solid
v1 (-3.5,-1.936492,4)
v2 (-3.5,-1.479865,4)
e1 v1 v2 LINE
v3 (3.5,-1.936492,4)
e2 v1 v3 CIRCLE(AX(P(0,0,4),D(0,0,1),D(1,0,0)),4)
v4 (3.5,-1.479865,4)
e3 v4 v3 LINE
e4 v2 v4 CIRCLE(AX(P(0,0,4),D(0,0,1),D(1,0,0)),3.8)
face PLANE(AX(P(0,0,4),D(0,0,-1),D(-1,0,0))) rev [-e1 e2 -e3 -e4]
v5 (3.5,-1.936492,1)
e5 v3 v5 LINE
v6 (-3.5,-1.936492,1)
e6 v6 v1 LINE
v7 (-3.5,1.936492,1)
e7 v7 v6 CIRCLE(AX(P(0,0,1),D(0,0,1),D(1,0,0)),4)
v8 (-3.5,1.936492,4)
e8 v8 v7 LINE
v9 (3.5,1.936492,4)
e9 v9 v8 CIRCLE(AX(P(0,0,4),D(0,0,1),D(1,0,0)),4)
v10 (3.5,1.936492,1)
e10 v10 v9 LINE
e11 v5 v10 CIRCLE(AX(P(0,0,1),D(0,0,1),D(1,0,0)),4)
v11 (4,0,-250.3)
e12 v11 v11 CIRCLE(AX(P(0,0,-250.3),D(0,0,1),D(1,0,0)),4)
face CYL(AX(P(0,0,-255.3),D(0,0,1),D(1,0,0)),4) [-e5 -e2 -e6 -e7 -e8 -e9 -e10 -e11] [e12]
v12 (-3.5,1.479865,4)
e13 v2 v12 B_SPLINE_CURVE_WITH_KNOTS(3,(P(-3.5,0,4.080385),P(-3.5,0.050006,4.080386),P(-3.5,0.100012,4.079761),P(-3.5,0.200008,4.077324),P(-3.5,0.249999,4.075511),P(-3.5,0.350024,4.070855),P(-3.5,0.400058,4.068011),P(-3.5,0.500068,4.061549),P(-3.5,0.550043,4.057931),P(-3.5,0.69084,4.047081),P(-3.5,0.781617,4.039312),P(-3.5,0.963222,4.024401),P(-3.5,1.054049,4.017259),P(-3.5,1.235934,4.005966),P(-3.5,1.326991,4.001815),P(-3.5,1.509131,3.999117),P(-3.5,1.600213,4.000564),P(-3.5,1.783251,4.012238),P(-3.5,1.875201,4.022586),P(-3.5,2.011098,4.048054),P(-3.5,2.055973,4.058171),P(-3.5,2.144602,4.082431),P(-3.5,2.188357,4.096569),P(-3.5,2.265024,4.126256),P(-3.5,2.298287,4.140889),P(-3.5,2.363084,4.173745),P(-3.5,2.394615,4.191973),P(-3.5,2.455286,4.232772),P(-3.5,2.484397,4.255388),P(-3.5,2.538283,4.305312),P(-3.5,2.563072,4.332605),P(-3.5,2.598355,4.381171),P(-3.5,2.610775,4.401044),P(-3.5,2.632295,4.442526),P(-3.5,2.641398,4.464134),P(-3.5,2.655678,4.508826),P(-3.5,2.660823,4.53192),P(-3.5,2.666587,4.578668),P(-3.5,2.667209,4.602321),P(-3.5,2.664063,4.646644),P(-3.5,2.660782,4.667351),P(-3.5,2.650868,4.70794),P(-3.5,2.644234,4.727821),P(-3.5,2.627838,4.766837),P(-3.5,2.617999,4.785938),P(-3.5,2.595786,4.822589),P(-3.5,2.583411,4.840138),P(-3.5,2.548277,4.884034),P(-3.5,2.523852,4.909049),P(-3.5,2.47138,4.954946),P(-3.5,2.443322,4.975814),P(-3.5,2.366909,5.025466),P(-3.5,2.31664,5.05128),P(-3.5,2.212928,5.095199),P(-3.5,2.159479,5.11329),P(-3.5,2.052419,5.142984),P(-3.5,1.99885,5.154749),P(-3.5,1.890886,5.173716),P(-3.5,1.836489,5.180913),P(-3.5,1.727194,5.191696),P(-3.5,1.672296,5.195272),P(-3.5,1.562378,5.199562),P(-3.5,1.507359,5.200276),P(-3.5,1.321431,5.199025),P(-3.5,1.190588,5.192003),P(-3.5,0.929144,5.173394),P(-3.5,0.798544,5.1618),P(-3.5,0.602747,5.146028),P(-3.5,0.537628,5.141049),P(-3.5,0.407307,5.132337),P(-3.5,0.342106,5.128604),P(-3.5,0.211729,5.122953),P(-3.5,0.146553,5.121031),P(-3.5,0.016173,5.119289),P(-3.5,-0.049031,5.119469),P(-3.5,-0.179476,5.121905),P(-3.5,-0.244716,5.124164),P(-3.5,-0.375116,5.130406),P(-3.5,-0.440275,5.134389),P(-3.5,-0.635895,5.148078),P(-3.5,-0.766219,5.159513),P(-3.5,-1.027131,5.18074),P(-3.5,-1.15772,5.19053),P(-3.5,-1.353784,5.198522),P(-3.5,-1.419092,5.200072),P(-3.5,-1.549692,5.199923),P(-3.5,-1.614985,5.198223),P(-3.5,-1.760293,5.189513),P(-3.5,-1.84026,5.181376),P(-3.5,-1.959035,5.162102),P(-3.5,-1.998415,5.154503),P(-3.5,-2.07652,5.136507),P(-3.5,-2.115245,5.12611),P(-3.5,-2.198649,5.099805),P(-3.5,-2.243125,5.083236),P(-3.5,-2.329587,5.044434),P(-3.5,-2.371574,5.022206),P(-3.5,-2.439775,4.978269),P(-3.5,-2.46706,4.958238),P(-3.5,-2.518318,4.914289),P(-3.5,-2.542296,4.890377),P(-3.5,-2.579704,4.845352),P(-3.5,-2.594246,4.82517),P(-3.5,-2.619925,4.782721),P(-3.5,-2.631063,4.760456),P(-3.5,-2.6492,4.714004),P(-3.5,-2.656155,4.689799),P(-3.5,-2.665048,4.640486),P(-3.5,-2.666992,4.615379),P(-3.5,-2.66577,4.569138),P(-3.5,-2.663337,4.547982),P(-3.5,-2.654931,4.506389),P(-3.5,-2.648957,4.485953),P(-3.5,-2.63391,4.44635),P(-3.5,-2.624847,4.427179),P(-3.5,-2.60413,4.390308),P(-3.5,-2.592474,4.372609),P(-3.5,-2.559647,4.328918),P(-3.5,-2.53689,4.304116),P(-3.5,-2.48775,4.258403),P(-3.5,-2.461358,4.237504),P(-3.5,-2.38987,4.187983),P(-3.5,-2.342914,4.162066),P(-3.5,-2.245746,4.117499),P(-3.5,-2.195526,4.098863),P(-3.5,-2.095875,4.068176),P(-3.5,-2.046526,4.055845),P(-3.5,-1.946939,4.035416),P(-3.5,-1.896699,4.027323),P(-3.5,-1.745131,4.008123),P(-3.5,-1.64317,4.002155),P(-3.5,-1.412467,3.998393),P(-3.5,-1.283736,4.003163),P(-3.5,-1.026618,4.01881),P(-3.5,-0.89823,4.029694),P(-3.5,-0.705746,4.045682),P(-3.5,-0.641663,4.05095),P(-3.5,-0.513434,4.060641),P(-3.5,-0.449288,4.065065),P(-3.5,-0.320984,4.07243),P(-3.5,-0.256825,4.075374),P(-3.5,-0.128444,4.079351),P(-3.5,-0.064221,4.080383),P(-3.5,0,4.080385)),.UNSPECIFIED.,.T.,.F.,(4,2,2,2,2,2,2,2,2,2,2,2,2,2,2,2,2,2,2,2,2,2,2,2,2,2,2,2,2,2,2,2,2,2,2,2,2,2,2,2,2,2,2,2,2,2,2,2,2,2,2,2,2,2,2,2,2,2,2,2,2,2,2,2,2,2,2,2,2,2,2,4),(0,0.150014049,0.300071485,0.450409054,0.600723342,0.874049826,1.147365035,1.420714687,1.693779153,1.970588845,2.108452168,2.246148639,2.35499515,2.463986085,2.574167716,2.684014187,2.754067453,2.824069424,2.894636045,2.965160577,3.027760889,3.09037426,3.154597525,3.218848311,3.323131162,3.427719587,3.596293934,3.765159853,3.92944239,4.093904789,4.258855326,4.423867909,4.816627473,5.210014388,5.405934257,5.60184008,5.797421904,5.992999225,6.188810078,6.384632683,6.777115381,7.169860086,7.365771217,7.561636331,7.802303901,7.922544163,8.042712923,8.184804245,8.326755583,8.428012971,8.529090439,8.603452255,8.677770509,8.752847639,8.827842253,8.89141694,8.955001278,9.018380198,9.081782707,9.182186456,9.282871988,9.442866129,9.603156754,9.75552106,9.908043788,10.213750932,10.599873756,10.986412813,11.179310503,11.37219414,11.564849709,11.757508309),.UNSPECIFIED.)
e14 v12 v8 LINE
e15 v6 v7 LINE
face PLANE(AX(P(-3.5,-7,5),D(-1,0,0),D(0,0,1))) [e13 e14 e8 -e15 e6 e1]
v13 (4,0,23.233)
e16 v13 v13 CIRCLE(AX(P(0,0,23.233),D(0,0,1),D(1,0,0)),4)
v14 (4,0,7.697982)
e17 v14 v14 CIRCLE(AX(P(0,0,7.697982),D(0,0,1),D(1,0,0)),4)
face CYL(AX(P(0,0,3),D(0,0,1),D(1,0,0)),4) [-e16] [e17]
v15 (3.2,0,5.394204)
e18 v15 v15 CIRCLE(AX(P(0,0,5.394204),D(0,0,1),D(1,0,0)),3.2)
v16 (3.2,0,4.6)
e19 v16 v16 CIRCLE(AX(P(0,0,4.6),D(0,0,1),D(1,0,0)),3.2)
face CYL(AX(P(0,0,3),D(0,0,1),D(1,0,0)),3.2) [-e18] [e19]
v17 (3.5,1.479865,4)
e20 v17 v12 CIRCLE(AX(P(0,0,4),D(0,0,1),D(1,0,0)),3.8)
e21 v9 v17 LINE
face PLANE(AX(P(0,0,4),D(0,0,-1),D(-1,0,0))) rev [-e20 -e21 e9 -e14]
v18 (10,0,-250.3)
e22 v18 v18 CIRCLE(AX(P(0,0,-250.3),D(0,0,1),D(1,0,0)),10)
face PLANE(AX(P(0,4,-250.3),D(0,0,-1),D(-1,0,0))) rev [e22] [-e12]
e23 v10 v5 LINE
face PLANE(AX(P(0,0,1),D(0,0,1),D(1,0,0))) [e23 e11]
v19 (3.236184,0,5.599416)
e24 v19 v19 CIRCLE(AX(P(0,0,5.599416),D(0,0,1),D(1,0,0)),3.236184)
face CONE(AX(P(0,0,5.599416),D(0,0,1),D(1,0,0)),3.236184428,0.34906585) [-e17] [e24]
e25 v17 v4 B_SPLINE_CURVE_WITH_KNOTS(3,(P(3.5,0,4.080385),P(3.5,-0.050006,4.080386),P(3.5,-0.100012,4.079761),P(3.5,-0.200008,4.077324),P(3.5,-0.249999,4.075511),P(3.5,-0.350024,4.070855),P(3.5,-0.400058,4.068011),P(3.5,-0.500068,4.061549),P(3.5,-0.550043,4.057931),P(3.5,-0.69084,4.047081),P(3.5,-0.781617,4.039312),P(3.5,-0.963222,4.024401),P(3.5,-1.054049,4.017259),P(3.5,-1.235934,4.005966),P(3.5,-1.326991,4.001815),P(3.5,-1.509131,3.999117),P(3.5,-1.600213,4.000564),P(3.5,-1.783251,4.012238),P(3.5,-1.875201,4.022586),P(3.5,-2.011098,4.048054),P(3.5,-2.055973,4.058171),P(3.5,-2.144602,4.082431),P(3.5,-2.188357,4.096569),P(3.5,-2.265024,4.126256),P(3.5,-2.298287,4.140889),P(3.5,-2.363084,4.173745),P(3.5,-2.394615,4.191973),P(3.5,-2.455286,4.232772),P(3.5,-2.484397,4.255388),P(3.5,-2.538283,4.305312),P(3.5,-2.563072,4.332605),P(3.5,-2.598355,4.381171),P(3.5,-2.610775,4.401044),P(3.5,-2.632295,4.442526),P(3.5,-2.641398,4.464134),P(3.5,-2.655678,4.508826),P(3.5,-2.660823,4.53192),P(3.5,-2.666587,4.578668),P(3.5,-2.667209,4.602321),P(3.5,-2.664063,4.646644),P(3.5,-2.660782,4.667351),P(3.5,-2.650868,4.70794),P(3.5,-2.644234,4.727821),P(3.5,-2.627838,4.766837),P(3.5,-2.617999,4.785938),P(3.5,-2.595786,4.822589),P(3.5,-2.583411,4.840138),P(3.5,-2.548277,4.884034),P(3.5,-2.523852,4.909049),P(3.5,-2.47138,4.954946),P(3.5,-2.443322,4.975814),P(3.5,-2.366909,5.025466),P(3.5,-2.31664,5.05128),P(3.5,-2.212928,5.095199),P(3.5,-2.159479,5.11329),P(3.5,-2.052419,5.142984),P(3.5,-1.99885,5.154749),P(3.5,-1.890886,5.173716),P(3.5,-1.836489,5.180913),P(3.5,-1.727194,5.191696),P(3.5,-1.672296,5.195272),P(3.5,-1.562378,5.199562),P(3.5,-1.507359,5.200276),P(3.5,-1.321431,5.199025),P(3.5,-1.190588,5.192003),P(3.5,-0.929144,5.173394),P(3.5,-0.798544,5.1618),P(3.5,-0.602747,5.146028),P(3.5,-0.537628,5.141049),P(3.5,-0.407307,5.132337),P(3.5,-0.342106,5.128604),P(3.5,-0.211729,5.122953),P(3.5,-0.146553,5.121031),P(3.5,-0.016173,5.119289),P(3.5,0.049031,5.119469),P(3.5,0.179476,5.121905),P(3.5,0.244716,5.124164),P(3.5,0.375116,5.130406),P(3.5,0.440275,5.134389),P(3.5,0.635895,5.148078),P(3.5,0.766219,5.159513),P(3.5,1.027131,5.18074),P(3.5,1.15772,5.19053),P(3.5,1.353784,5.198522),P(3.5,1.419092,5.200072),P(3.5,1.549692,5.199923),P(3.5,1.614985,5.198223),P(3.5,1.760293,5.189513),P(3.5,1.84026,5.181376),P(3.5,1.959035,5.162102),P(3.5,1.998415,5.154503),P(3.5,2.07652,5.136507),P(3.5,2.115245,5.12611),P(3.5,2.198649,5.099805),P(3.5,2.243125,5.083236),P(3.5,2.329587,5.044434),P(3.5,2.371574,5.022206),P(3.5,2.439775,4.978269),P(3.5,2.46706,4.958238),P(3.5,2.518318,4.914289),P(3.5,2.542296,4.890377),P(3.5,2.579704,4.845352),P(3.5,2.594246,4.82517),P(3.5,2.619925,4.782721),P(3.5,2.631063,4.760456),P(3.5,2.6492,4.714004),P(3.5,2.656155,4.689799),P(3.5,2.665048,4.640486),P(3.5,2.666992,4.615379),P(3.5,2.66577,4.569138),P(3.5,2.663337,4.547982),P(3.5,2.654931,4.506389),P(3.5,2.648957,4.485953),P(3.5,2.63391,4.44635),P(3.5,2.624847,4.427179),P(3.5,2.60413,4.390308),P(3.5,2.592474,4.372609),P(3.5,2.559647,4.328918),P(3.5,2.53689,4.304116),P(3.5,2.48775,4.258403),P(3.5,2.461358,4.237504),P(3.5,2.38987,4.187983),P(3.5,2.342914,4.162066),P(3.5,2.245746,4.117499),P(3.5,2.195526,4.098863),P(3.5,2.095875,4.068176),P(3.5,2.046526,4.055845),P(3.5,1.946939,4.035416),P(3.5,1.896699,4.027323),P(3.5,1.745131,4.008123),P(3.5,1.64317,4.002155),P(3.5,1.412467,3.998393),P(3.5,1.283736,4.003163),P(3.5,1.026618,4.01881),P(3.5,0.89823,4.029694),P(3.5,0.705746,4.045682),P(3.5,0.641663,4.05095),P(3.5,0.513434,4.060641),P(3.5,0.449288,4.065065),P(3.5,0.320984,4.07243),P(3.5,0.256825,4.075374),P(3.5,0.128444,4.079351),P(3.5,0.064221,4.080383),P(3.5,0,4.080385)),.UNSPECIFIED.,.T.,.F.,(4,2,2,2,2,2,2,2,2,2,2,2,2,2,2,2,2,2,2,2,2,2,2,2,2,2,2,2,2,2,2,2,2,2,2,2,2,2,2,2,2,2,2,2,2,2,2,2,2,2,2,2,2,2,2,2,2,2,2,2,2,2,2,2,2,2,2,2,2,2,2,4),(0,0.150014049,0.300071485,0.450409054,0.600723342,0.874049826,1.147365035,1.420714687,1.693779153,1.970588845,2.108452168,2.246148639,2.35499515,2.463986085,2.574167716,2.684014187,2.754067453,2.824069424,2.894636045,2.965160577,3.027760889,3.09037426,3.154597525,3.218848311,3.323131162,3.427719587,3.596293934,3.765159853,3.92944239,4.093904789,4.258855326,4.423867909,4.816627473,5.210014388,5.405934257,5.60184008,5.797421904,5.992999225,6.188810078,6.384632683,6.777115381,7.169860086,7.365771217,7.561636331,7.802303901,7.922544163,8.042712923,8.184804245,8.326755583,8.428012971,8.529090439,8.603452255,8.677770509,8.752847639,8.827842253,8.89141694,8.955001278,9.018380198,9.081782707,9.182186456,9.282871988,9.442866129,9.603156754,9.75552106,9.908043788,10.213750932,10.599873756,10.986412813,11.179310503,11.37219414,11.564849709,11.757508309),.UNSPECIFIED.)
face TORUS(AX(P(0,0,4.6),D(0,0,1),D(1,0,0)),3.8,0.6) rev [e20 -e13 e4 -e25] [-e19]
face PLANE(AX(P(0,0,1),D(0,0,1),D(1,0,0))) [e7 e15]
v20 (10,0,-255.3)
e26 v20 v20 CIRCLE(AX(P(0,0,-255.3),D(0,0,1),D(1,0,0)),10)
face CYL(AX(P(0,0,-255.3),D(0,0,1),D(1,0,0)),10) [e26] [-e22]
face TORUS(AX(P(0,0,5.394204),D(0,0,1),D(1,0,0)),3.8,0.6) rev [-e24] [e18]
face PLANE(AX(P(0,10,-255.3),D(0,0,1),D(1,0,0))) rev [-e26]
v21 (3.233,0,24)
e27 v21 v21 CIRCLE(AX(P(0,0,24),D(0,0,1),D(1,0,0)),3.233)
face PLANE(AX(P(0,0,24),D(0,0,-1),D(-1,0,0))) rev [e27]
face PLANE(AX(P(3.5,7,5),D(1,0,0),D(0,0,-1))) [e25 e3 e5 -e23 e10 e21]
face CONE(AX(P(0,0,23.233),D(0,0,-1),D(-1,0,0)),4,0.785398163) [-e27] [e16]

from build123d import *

# Parameters (mm, degrees)
SCHNITT_LINEAR_AUSTRAGEN1_DEPTH = 4


with BuildPart() as part:
    # Skizze1 → Rotation1 (revolve)
    with BuildSketch(Plane(origin=(0, 0, 0), x_dir=(0, 0, -1), z_dir=(1, 0, 0))):
        Polygon((-4, 0), (-4, 4), (250.3, 4), (250.3, 10), (255.3, 10), (255.3, 0), align=None)
    revolve(axis=Axis((0, 0, -255.3), (0, 0, 1)))

    # Skizze2 → Rotation2 (revolve)
    with BuildSketch(Plane(origin=(0, 0, 0), x_dir=(0, 0, -1), z_dir=(1, 0, 0))):
        with BuildLine():
            Line((-24, 0), (-24, 3.233))
            Line((-24, 3.233), (-23.233, 4))
            Line((-23.233, 4), (-7.697981936, 4))
            Line((-7.697981936, 4), (-5.599415898, 3.236184428))
            ThreePointArc((-5.599415898, 3.236184428), (-5.498392718, 3.209115348), (-5.394203812, 3.2))
            Line((-5.394203812, 3.2), (-4.6, 3.2))
            ThreePointArc((-4.6, 3.2), (-4.175735931, 3.375735931), (-4, 3.8))
            Line((-4, 3.8), (-4, 4))
            Line((-4, 4), (-3, 4))
            Line((-3, 4), (-3, 0))
            Line((-3, 0), (-24, 0))
        make_face()
    revolve(axis=Axis((0, 0, 3), (0, 0, 1)))

    # Skizze3 → Schnitt-Linear austragen1 (cut)
    with BuildSketch(Plane.XY.offset(1)):
        Polygon((-7, 14), (-7, -7), (-3.5, -7), (-3.5, 7), (3.5, 7), (3.5, -7), (7, -7), (7, 14), align=None)
    extrude(amount=SCHNITT_LINEAR_AUSTRAGEN1_DEPTH, mode=Mode.SUBTRACT)


solid = part.part
